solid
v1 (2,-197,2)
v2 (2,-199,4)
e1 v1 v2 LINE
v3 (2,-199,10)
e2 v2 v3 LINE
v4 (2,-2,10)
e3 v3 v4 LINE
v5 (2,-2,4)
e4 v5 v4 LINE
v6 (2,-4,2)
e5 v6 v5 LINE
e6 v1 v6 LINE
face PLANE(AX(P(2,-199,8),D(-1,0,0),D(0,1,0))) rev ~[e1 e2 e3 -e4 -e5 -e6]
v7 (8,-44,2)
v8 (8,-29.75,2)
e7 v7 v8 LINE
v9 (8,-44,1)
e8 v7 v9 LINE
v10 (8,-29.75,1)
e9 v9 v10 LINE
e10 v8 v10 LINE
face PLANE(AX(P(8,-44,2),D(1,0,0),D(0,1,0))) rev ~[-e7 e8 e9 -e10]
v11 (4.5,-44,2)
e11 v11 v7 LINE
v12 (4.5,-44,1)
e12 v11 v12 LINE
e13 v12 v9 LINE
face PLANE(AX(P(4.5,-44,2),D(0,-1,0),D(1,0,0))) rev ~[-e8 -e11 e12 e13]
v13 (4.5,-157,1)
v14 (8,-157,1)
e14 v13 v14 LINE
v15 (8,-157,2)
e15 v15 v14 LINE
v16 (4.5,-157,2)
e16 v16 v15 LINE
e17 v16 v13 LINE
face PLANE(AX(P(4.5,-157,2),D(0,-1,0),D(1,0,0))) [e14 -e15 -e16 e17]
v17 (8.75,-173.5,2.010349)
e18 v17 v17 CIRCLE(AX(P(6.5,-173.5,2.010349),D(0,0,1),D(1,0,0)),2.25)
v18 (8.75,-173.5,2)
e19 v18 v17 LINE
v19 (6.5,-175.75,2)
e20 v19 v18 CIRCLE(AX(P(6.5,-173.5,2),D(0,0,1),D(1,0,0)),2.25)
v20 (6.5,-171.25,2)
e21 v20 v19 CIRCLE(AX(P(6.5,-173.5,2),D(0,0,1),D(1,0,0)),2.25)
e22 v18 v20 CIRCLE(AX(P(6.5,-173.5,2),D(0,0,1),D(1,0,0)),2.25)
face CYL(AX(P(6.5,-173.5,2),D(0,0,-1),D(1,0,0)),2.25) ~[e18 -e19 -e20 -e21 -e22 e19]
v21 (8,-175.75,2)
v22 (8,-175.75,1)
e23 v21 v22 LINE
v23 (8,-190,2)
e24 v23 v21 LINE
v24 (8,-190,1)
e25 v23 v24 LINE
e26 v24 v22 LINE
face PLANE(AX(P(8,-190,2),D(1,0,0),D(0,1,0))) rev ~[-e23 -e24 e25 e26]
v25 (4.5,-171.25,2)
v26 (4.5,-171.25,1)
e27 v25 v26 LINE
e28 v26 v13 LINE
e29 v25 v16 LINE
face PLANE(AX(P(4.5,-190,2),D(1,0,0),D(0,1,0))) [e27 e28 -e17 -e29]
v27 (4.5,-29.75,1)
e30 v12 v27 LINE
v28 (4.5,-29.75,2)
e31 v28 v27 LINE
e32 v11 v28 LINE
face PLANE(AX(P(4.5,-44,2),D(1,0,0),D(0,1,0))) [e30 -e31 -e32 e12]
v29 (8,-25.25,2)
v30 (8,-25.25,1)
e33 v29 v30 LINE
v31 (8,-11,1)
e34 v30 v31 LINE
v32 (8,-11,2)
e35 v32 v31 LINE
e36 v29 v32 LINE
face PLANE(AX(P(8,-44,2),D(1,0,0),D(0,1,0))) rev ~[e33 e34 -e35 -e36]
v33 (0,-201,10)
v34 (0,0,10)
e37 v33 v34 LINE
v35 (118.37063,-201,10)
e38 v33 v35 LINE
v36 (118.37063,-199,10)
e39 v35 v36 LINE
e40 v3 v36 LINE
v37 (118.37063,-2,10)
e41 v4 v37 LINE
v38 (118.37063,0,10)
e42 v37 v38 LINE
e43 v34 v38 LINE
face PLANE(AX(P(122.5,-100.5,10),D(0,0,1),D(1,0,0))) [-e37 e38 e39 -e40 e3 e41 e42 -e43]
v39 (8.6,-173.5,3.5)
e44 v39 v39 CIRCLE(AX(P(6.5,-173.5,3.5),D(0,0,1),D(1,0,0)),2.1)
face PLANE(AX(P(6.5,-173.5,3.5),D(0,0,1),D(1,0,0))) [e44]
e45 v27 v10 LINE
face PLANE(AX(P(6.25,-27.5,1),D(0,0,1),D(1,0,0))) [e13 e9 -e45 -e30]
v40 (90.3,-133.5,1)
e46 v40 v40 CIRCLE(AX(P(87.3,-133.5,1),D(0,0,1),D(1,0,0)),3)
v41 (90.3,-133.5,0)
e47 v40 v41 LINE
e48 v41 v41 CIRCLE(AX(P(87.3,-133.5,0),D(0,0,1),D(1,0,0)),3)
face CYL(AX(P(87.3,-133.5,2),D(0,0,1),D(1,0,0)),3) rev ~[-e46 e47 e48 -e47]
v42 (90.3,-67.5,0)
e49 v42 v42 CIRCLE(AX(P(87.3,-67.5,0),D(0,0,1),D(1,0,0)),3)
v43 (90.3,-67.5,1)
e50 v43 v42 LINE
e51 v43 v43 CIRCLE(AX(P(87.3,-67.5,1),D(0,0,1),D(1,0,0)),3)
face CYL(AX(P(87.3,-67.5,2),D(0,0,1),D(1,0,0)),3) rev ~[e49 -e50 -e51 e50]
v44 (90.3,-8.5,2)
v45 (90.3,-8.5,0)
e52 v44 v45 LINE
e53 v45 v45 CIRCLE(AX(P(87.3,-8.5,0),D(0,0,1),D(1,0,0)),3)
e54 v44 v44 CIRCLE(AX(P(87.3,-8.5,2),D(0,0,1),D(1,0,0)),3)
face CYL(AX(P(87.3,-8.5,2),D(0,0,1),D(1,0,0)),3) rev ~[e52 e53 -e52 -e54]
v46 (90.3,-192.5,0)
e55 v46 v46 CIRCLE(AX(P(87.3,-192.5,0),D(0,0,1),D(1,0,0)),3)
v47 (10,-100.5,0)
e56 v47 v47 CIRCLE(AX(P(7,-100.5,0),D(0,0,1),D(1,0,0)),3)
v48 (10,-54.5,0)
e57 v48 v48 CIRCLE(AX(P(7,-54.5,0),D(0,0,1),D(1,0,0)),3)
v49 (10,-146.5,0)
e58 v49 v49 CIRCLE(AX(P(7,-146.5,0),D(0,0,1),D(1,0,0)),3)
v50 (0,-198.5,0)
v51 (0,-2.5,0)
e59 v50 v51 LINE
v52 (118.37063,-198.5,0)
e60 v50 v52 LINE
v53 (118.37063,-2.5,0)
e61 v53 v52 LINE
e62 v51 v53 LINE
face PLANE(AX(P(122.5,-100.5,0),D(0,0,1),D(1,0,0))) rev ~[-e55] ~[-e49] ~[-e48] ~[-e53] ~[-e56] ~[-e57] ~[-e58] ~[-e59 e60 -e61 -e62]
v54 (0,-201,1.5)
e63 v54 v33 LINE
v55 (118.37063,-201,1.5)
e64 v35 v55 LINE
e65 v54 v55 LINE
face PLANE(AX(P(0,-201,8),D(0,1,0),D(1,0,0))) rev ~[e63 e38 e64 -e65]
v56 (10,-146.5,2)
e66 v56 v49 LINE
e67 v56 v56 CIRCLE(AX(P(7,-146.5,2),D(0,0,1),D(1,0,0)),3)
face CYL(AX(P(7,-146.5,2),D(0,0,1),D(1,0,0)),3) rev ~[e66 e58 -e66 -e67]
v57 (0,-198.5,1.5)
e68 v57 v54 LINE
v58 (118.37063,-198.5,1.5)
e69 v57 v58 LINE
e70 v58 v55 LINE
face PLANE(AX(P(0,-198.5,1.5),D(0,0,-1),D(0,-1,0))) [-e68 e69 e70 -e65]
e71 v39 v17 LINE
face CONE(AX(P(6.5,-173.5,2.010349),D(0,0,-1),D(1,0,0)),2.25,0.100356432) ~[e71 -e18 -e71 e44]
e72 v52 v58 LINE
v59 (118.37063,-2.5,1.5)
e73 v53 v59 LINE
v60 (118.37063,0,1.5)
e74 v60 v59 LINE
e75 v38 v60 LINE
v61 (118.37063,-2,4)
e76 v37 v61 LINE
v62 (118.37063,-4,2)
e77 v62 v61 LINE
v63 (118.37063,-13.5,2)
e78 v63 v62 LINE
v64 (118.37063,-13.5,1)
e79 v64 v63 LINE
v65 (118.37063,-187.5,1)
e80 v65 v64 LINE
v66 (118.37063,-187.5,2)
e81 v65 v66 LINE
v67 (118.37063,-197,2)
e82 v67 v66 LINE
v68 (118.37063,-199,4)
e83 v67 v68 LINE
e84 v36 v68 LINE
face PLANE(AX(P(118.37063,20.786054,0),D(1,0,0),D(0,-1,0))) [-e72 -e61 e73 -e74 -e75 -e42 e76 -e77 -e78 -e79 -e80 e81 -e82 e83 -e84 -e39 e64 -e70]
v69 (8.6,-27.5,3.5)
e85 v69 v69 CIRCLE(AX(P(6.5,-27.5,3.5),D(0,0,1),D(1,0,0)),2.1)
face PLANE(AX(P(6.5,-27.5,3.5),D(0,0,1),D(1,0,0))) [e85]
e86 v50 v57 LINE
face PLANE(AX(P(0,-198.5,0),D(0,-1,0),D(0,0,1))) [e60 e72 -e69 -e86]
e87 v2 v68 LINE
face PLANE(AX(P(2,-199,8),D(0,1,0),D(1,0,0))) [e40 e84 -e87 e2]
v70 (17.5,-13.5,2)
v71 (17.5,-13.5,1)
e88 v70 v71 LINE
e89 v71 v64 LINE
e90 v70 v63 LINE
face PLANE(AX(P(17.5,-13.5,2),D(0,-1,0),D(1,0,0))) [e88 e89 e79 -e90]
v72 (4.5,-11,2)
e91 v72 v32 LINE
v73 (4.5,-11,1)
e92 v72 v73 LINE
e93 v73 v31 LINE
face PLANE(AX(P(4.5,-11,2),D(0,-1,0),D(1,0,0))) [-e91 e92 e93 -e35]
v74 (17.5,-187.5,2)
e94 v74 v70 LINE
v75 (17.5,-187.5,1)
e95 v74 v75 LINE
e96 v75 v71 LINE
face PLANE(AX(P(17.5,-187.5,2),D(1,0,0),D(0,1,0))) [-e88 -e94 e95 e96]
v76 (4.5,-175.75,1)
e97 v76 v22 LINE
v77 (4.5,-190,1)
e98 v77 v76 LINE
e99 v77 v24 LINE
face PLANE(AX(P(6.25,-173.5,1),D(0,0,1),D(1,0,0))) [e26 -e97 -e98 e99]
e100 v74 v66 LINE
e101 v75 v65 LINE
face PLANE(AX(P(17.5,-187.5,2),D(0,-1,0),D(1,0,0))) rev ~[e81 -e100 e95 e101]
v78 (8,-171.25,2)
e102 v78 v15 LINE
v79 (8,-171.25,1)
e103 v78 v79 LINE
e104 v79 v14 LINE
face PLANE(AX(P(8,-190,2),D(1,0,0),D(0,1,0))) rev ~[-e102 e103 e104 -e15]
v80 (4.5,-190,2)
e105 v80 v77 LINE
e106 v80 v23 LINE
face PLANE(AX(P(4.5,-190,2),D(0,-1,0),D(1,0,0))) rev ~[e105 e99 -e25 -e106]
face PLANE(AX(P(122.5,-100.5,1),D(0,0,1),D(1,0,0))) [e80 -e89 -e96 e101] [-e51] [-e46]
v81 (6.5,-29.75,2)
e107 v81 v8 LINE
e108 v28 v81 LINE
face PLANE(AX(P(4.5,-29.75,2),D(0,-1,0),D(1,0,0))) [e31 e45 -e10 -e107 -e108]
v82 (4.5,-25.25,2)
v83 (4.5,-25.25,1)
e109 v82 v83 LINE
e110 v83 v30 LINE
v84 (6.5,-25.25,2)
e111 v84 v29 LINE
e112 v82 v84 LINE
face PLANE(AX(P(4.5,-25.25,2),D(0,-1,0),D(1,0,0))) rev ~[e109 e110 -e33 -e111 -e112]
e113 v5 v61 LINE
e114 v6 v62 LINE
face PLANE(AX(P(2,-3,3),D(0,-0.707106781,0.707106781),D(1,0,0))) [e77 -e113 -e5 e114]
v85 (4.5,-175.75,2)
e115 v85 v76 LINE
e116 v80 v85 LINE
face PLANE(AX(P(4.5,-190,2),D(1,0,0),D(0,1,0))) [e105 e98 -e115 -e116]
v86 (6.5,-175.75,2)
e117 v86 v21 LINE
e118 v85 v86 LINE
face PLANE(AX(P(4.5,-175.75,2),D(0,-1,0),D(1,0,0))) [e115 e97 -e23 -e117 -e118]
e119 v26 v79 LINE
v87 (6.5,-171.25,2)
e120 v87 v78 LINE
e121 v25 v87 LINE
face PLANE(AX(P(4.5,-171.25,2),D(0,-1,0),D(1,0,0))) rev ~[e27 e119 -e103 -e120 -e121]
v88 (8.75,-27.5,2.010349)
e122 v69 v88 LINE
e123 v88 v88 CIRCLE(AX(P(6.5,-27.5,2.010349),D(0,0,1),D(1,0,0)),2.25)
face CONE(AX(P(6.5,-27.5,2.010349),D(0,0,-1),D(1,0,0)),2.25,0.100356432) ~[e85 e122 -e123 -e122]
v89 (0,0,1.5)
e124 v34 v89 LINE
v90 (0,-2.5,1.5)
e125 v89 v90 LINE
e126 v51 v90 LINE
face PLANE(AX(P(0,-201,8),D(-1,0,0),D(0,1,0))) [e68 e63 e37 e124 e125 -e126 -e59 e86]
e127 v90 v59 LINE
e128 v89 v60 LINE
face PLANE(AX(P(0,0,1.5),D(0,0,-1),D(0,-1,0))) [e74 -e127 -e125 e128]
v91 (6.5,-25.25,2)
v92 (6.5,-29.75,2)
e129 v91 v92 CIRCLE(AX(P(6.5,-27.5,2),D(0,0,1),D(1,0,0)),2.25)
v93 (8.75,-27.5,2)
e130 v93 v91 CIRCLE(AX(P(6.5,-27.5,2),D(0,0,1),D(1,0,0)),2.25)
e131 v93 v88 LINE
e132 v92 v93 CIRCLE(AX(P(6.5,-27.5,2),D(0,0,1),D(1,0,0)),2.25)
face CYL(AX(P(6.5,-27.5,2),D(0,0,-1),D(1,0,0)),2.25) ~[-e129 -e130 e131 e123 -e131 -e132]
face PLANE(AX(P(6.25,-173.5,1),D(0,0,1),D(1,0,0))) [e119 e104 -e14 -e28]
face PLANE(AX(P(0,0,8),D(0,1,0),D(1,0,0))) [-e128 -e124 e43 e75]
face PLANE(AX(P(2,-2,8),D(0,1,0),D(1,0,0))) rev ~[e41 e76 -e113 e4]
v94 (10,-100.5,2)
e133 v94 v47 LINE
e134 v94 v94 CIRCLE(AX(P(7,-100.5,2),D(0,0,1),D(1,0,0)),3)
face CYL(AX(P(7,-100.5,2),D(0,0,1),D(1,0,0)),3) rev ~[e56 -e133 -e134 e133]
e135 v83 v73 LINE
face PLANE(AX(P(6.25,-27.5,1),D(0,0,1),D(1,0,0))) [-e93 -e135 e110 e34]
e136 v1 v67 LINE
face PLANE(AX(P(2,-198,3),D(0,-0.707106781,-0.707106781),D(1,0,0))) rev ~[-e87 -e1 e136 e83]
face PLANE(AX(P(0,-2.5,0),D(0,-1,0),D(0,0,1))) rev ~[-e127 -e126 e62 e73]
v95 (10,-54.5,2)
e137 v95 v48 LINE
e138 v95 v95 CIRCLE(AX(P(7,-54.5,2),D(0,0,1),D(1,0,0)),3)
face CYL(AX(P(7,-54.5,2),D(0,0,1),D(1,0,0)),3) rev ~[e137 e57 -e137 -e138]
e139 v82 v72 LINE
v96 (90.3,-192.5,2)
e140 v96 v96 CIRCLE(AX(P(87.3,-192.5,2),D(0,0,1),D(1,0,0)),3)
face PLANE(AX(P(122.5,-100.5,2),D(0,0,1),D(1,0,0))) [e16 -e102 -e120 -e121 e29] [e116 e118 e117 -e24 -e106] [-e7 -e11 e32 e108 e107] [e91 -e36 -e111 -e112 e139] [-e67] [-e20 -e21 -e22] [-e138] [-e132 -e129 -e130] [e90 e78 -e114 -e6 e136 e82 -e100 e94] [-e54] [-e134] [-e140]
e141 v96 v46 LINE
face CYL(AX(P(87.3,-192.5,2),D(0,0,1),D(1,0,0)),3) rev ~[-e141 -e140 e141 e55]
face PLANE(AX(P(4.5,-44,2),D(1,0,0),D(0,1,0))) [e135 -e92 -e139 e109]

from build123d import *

# Parameters (mm, degrees)
F0_W        = 245
F0_H        = 201
F1_DEPTH    = 8
F2_T        = -2
F3_W        = 210
F3_H        = 174
F4_DEPTH    = 1
F5_W        = 3.5
F5_H        = 33
F6_DEPTH    = 1
F8_W        = 3.5
F8_H        = 4.5
F9_DEPTH    = 1
F10_R       = 2.25
F11_DEPTH   = 1.5
F12_SIZE2   = 1.4896513151
F12_SIZE    = 0.15
F12_2_SIZE2 = 1.4896513151
F12_2_SIZE  = 0.15
F12_3_SIZE2 = 1.4896513151
F12_3_SIZE  = 0.15
F12_4_SIZE2 = 1.4896513151
F12_4_SIZE  = 0.15
F12_5_SIZE2 = 1.4896513151
F12_5_SIZE  = 0.15
F13_R       = 3
F14_DEPTH   = 2.001
F15_W       = 2.5
F15_H       = 1.5
F16_DEPTH   = 245.001
F17_SIZE    = 2
F18_DEPTH   = 2
F19_W       = 186.7508292198
F19_H       = 249.5966032147
F20_DEPTH   = 10.001


with BuildPart() as f1:
    # F0 (on Top) → F1 (new body)
    with BuildSketch(Plane.XY):
        with Locations((122.5, -100.5)):
            Rectangle(F0_W, F0_H)
    extrude(amount=F1_DEPTH)

    # F2
    f2_openings = [f1.faces().sort_by_distance(p)[0] for p in [
        (122.5, -100.5, 8),
    ]]
    offset(amount=F2_T, openings=f2_openings)

    # F3 (on face) → F4 (cut)
    with BuildSketch(Plane.XY.offset(2)):
        with Locations((122.5, -100.5)):
            Rectangle(F3_W, F3_H)
    extrude(amount=-F4_DEPTH, mode=Mode.SUBTRACT)

    # F5 (on face) → F6 (cut)
    with BuildSketch(Plane.XY.offset(2)):
        with Locations((6.25, -27.5)):
            Rectangle(F5_W, F5_H)
        with Locations((6.25, -173.5)):
            Rectangle(F5_W, F5_H)
        with Locations((238.75, -27.5)):
            Rectangle(F5_W, F5_H)
        with Locations((238.75, -173.5)):
            Rectangle(F5_W, F5_H)
    extrude(amount=-F6_DEPTH, mode=Mode.SUBTRACT)

    # F8 (on face) → F9 (join)
    with BuildSketch(Plane.XY.offset(2)):
        with Locations((238.75, -173.5)):
            Rectangle(F8_W, F8_H)
        with Locations((238.75, -27.5)):
            Rectangle(F8_W, F8_H)
        with Locations((6.25, -27.5)):
            Rectangle(F8_W, F8_H)
        with Locations((6.25, -173.5)):
            Rectangle(F8_W, F8_H)
    extrude(amount=-F9_DEPTH)

    # F10 (on face) → F11 (join)
    with BuildSketch(Plane.XY.offset(2)):
        with Locations((238.5, -27.5)):
            Circle(F10_R)
        with Locations((6.5, -27.5)):
            Circle(F10_R)
        with Locations((6.5, -173.5)):
            Circle(F10_R)
        with Locations((238.5, -173.5)):
            Circle(F10_R)
        with Locations((122.5, -8.5)):
            Circle(F10_R)
    extrude(amount=F11_DEPTH)

    # F12
    f12_edges = [f1.edges().sort_by_distance(p)[0] for p in [
        (236.25, -173.5, 3.5),
    ]]
    f12_side = f1.faces().sort_by_distance((238.5, -173.5, 3.5))[0]
    chamfer(f12_edges, length=F12_SIZE, length2=F12_SIZE2, reference=f12_side)

    # F12#2
    f12_2_edges = [f1.edges().sort_by_distance(p)[0] for p in [
        (4.25, -173.5, 3.5),
    ]]
    f12_2_side = f1.faces().sort_by_distance((6.5, -173.5, 3.5))[0]
    chamfer(f12_2_edges, length=F12_2_SIZE, length2=F12_2_SIZE2, reference=f12_2_side)

    # F12#3
    f12_3_edges = [f1.edges().sort_by_distance(p)[0] for p in [
        (236.25, -27.5, 3.5),
    ]]
    f12_3_side = f1.faces().sort_by_distance((238.5, -27.5, 3.5))[0]
    chamfer(f12_3_edges, length=F12_3_SIZE, length2=F12_3_SIZE2, reference=f12_3_side)

    # F12#4
    f12_4_edges = [f1.edges().sort_by_distance(p)[0] for p in [
        (4.25, -27.5, 3.5),
    ]]
    f12_4_side = f1.faces().sort_by_distance((6.5, -27.5, 3.5))[0]
    chamfer(f12_4_edges, length=F12_4_SIZE, length2=F12_4_SIZE2, reference=f12_4_side)

    # F12#5
    f12_5_edges = [f1.edges().sort_by_distance(p)[0] for p in [
        (120.25, -8.5, 3.5),
    ]]
    f12_5_side = f1.faces().sort_by_distance((122.5, -8.5, 3.5))[0]
    chamfer(f12_5_edges, length=F12_5_SIZE, length2=F12_5_SIZE2, reference=f12_5_side)

    # F13 (on face) → F14 (cut, through all)
    with BuildSketch(Plane.XY.offset(2)):
        with Locations((7, -54.5)):
            Circle(F13_R)
        with Locations((7, -100.5)):
            Circle(F13_R)
        with Locations((7, -146.5)):
            Circle(F13_R)
        with Locations((238, -54.5)):
            Circle(F13_R)
        with Locations((238, -100.5)):
            Circle(F13_R)
        with Locations((238, -146.5)):
            Circle(F13_R)
        with Locations((87.3, -8.5)):
            Circle(F13_R)
        with Locations((87.3, -67.5)):
            Circle(F13_R)
        with Locations((157.7, -8.5)):
            Circle(F13_R)
        with Locations((157.7, -67.5)):
            Circle(F13_R)
        with Locations((157.7, -133.5)):
            Circle(F13_R)
        with Locations((157.7, -192.5)):
            Circle(F13_R)
        with Locations((87.3, -192.5)):
            Circle(F13_R)
        with Locations((87.3, -133.5)):
            Circle(F13_R)
    extrude(amount=-F14_DEPTH, mode=Mode.SUBTRACT)

    # F15 (on face) → F16 (cut, through all)
    with BuildSketch(Plane(origin=(0, 0, 0), x_dir=(0, -1, 0), z_dir=(-1, 0, 0))):
        with Locations((1.25, 0.75)):
            Rectangle(F15_W, F15_H)
        with Locations((199.75, 0.75)):
            Rectangle(F15_W, F15_H)
    extrude(amount=-F16_DEPTH, mode=Mode.SUBTRACT)

    # F17
    f17_edges = [f1.edges().sort_by_distance(p)[0] for p in [
        (122.5, -2, 2),
        (122.5, -199, 2),
    ]]
    chamfer(f17_edges, length=F17_SIZE)

    # F18 (add): a face of the model
    f18_faces = [f1.faces().sort_by_distance(p)[0] for p in [
        (122.5, -0.3169006153, 8),
    ]]
    extrude(f18_faces, amount=F18_DEPTH)

    # F19 (on face) → F20 (cut, through all)
    with BuildSketch(Plane(origin=(0, 0, 0), x_dir=(1, 0, 0), z_dir=(0, 0, -1))):
        with Locations((211.746044457, 104.012247175)):
            Rectangle(F19_W, F19_H)
    extrude(amount=-F20_DEPTH, mode=Mode.SUBTRACT)


solid = f1.part
